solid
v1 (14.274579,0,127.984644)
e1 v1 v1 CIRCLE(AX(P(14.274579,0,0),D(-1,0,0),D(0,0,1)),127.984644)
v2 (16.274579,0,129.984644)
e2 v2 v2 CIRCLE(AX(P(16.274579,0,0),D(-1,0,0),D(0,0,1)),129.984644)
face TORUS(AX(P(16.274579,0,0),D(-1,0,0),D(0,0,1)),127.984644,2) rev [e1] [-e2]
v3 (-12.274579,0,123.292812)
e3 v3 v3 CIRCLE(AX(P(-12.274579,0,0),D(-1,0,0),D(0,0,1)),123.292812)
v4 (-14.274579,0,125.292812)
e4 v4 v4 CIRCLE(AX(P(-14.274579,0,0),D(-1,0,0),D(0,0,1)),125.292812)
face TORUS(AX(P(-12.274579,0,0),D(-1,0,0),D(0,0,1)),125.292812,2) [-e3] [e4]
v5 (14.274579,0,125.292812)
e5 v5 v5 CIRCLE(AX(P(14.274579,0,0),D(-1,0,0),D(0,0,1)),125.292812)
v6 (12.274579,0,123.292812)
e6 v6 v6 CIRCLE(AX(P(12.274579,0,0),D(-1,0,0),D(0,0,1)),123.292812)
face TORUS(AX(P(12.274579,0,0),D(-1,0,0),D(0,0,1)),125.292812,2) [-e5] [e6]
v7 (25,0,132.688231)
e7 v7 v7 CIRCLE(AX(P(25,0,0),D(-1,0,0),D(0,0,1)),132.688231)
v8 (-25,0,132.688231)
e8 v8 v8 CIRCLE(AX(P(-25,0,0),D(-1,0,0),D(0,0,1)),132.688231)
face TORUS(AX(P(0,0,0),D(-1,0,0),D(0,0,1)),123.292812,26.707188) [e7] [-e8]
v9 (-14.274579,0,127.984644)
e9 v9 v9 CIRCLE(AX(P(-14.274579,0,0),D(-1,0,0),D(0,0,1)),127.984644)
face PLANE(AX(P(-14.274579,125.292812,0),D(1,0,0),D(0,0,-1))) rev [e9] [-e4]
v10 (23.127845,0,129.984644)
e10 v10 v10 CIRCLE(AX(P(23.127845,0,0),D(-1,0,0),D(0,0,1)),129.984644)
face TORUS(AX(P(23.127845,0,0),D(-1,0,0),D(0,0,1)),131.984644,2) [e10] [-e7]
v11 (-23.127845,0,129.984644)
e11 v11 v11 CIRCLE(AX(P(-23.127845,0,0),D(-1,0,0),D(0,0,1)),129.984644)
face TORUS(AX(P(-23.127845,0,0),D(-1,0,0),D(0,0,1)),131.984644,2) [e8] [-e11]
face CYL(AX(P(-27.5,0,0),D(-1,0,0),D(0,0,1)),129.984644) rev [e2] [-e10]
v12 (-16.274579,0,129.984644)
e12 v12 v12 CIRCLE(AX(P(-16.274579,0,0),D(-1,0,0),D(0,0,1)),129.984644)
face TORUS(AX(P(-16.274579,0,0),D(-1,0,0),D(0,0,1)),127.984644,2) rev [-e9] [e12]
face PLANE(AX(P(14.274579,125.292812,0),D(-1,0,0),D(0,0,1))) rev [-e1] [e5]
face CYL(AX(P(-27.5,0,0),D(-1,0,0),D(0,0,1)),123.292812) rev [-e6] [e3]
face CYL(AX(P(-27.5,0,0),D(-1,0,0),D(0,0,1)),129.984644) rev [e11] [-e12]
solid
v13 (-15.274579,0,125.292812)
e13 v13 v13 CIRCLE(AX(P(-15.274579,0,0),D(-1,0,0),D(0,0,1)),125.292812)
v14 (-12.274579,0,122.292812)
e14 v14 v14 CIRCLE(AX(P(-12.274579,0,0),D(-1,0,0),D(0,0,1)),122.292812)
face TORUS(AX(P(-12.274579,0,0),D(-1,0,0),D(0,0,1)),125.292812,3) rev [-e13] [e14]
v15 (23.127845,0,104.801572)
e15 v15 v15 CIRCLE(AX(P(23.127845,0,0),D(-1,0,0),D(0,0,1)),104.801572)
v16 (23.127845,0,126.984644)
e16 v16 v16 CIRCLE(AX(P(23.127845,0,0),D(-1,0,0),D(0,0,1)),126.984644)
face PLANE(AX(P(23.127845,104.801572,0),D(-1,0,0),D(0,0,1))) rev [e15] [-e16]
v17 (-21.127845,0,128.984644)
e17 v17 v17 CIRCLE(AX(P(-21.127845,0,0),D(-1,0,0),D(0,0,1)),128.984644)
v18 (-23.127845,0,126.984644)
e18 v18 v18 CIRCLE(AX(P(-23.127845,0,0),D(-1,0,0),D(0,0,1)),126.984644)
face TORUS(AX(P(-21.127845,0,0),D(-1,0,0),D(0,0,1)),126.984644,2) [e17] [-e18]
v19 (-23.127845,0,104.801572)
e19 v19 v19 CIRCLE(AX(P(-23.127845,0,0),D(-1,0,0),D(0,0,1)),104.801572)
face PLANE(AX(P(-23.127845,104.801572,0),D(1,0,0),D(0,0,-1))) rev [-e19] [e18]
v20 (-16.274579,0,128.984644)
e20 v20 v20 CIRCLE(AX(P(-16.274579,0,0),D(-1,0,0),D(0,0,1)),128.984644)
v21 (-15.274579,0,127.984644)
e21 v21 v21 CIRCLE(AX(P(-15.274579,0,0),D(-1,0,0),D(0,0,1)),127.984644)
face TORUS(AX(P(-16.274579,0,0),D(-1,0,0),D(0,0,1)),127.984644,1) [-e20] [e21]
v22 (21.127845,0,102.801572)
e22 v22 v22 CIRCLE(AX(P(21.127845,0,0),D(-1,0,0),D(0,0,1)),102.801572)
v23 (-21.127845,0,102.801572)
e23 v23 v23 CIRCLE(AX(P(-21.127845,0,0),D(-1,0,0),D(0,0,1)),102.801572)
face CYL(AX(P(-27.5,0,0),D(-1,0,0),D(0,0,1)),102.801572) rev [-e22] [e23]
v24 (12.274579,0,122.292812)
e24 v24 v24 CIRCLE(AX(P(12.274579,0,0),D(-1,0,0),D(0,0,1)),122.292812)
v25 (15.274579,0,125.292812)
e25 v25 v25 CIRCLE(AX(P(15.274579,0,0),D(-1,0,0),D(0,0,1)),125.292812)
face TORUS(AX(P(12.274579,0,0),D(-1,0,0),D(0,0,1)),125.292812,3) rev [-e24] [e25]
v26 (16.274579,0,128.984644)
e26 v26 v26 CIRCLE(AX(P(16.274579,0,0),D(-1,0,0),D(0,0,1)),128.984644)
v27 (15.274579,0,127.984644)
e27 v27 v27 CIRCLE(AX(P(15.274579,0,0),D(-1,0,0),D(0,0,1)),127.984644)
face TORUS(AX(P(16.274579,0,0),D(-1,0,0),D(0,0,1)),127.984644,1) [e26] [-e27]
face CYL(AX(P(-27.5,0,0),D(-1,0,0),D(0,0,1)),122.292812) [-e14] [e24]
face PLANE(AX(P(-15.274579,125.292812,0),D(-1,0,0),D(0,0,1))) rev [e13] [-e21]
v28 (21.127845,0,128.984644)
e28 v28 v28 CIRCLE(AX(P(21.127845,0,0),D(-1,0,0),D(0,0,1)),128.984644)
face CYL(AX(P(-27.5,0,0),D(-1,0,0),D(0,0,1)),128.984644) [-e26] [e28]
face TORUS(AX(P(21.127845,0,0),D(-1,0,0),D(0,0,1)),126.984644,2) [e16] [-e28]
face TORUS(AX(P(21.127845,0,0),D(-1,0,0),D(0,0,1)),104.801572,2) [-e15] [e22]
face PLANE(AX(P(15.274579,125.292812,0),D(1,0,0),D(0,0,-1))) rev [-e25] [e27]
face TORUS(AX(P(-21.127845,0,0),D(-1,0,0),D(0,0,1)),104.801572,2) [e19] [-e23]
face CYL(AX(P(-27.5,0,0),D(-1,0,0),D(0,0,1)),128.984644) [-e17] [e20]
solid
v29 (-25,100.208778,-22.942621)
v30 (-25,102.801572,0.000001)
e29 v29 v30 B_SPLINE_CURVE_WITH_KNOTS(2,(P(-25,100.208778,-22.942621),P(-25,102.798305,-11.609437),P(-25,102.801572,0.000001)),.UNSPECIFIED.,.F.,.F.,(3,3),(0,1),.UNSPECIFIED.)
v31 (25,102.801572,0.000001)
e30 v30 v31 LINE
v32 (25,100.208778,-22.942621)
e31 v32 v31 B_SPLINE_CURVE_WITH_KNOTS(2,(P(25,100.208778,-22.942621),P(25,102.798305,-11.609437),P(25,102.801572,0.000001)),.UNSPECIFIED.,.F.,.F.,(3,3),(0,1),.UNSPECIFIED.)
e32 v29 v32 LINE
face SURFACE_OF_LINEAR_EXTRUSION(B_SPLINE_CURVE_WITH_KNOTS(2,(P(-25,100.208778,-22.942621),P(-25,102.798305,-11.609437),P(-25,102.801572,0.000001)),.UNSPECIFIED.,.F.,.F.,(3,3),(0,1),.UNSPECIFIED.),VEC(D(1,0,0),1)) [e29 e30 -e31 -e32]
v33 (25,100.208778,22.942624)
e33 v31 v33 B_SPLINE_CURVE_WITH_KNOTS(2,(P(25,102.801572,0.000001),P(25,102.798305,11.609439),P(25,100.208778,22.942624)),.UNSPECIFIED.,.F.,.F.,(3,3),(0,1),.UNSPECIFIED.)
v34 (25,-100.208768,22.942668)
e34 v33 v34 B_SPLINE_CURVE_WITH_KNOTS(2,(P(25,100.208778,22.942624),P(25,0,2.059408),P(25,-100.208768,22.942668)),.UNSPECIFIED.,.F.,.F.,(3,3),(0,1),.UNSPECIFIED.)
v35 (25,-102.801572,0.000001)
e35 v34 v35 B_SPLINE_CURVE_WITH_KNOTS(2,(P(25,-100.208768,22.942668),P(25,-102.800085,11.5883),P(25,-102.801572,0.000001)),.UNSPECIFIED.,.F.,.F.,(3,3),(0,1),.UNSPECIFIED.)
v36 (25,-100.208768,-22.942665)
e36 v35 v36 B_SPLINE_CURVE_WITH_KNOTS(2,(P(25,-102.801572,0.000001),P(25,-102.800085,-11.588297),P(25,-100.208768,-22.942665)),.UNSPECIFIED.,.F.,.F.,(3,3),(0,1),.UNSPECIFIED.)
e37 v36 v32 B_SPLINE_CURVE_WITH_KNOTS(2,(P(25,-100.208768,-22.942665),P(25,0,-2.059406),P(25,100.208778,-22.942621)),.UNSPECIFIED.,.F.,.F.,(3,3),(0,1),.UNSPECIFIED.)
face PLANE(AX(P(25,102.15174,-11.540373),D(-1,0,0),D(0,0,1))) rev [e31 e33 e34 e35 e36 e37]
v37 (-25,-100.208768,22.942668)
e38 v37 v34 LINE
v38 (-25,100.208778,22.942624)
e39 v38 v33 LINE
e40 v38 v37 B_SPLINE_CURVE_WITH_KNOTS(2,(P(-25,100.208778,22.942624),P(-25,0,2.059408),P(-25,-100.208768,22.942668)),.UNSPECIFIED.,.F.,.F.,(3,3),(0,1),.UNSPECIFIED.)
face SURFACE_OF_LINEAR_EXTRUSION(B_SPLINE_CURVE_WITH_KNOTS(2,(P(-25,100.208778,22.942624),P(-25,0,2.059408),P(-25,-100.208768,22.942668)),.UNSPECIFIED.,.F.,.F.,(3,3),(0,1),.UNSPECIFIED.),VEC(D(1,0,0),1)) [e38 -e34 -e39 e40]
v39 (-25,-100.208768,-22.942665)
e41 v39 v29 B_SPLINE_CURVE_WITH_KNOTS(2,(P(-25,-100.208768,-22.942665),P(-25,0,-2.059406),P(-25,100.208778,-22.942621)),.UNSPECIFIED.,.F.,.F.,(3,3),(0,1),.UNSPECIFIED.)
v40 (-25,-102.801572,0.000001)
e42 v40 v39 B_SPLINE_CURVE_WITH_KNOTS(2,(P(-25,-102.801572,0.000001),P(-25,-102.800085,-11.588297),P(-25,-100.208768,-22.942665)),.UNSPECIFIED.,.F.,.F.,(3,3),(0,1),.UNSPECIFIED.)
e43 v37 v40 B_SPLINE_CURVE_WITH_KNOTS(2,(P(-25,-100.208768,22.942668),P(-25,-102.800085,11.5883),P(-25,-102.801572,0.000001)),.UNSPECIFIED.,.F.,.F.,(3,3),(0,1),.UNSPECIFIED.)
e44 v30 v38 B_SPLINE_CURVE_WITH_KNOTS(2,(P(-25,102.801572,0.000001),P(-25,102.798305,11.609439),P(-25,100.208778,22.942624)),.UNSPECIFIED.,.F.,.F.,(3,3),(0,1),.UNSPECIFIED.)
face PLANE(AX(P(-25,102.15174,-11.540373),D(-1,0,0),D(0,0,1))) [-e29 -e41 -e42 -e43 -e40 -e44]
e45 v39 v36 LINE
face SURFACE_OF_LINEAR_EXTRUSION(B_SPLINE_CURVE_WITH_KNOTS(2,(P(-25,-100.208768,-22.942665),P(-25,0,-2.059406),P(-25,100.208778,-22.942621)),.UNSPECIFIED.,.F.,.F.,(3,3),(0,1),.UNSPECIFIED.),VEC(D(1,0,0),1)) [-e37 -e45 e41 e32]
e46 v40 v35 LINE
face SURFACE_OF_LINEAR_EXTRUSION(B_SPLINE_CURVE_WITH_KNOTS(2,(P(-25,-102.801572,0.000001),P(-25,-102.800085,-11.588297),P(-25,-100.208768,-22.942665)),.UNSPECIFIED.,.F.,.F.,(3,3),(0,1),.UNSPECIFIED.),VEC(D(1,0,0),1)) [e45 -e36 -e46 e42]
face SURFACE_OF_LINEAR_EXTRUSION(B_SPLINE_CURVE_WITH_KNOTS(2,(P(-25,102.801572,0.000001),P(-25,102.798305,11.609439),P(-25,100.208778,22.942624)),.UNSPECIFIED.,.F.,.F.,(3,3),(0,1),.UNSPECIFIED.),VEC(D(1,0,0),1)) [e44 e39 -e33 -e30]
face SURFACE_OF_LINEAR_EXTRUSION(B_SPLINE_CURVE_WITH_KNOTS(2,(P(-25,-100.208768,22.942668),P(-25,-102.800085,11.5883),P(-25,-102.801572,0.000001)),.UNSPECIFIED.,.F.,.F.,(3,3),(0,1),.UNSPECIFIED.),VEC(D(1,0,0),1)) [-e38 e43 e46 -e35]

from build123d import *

# Parameters (mm, degrees)
BOSS_EXTRUDE2_DEPTH      = 25
BOSS_EXTRUDE2_DEPTH_BACK = 25


with BuildPart() as part:
    # Sketch6 → Revolve3 (revolve)
    with BuildSketch(Plane.XY, mode=Mode.PRIVATE) as revolve3_sk:
        with BuildLine():
            Line((-23.127844847, 129.984643661), (-16.274578516, 129.984643661))
            ThreePointArc((-16.274578516, 129.984643661), (-14.860364954, 129.398857223), (-14.274578516, 127.984643661))
            Line((-14.274578516, 127.984643661), (-14.274578516, 125.292811813))
            ThreePointArc((-14.274578516, 125.292811813), (-13.688792079, 123.87859825), (-12.274578516, 123.292811813))
            Line((-12.274578516, 123.292811813), (12.274578516, 123.292811813))
            ThreePointArc((12.274578516, 123.292811813), (13.688792079, 123.87859825), (14.274578516, 125.292811813))
            Line((14.274578516, 125.292811813), (14.274578516, 127.984643661))
            ThreePointArc((14.274578516, 127.984643661), (14.860364954, 129.398857223), (16.274578516, 129.984643661))
            Line((16.274578516, 129.984643661), (23.127844847, 129.984643661))
            ThreePointArc((23.127844847, 129.984643661), (24.772103736, 130.846042455), (25, 132.688230955))
            ThreePointArc((25, 132.688230955), (0, 150), (-25, 132.688230955))
            ThreePointArc((-25, 132.688230955), (-24.772103736, 130.846042455), (-23.127844847, 129.984643661))
        make_face()
        with BuildLine():
            Line((-21.127844847, 128.984643661), (-16.274578516, 128.984643661))
            ThreePointArc((-16.274578516, 128.984643661), (-15.567471735, 128.691750442), (-15.274578516, 127.984643661))
            Line((-15.274578516, 127.984643661), (-15.274578516, 125.292811813))
            ThreePointArc((-15.274578516, 125.292811813), (-14.39589886, 123.171491469), (-12.274578516, 122.292811813))
            Line((-12.274578516, 122.292811813), (12.274578516, 122.292811813))
            ThreePointArc((12.274578516, 122.292811813), (14.39589886, 123.171491469), (15.274578516, 125.292811813))
            Line((15.274578516, 125.292811813), (15.274578516, 127.984643661))
            ThreePointArc((15.274578516, 127.984643661), (15.567471735, 128.691750442), (16.274578516, 128.984643661))
            Line((16.274578516, 128.984643661), (21.127844847, 128.984643661))
            ThreePointArc((21.127844847, 128.984643661), (22.542058409, 128.398857223), (23.127844847, 126.984643661))
            Line((23.127844847, 126.984643661), (23.127844847, 104.801572089))
            ThreePointArc((23.127844847, 104.801572089), (22.542058409, 103.387358527), (21.127844847, 102.801572089))
            Line((21.127844847, 102.801572089), (12.274578516, 102.801572089))
            Line((12.274578516, 102.801572089), (-12.274578516, 102.801572089))
            Line((-12.274578516, 102.801572089), (-21.127844847, 102.801572089))
            ThreePointArc((-21.127844847, 102.801572089), (-22.542058409, 103.387358527), (-23.127844847, 104.801572089))
            Line((-23.127844847, 104.801572089), (-23.127844847, 126.984643661))
            ThreePointArc((-23.127844847, 126.984643661), (-22.542058409, 128.398857223), (-21.127844847, 128.984643661))
        make_face()
    revolve(revolve3_sk.sketch.rotate(Axis((-27.5, 0, 0), (1, 0, 0)), 90), axis=Axis((-27.5, 0, 0), (1, 0, 0)))


with BuildPart() as body_2:
    # Sketch7 → Boss-Extrude2 (new, two sides: drawn at the far end of the back side and taken through both)
    with BuildSketch(Plane(origin=(0, 0, 0), x_dir=(0, 0, -1), z_dir=(1, 0, 0)).offset(-BOSS_EXTRUDE2_DEPTH_BACK)):
        with BuildLine():
            add(Edge.make_bspline(
                [(-22.942623897, 100.208778222), (-2.05940828, 3.94e-07), (-22.942667972, -100.208768131)],
                knots=[0, 0, 0, 1, 1, 1], degree=2))
            add(Edge.make_bspline(
                [(-22.942667972, -100.208768131), (-11.588299862, -102.800085456), (-1.357e-06, -102.801572089)],
                knots=[0, 0, 0, 1, 1, 1], degree=2))
            add(Edge.make_bspline(
                [(22.942665258, -100.208768131), (11.588297148, -102.800085456), (-1.357e-06, -102.801572089)],
                knots=[0, 0, 0, 1, 1, 1], degree=2))
            add(Edge.make_bspline(
                [(22.942621184, 100.208778222), (2.059405566, 3.94e-07), (22.942665258, -100.208768131)],
                knots=[0, 0, 0, 1, 1, 1], degree=2))
            add(Edge.make_bspline(
                [(22.942621184, 100.208778222), (11.609436631, 102.79830451), (-1.357e-06, 102.801572089)],
                knots=[0, 0, 0, 1, 1, 1], degree=2))
            add(Edge.make_bspline(
                [(-22.942623897, 100.208778222), (-11.609439344, 102.79830451), (-1.357e-06, 102.801572089)],
                knots=[0, 0, 0, 1, 1, 1], degree=2))
        make_face()
    extrude(amount=BOSS_EXTRUDE2_DEPTH + BOSS_EXTRUDE2_DEPTH_BACK)


solid = Compound([part.part, body_2.part])
